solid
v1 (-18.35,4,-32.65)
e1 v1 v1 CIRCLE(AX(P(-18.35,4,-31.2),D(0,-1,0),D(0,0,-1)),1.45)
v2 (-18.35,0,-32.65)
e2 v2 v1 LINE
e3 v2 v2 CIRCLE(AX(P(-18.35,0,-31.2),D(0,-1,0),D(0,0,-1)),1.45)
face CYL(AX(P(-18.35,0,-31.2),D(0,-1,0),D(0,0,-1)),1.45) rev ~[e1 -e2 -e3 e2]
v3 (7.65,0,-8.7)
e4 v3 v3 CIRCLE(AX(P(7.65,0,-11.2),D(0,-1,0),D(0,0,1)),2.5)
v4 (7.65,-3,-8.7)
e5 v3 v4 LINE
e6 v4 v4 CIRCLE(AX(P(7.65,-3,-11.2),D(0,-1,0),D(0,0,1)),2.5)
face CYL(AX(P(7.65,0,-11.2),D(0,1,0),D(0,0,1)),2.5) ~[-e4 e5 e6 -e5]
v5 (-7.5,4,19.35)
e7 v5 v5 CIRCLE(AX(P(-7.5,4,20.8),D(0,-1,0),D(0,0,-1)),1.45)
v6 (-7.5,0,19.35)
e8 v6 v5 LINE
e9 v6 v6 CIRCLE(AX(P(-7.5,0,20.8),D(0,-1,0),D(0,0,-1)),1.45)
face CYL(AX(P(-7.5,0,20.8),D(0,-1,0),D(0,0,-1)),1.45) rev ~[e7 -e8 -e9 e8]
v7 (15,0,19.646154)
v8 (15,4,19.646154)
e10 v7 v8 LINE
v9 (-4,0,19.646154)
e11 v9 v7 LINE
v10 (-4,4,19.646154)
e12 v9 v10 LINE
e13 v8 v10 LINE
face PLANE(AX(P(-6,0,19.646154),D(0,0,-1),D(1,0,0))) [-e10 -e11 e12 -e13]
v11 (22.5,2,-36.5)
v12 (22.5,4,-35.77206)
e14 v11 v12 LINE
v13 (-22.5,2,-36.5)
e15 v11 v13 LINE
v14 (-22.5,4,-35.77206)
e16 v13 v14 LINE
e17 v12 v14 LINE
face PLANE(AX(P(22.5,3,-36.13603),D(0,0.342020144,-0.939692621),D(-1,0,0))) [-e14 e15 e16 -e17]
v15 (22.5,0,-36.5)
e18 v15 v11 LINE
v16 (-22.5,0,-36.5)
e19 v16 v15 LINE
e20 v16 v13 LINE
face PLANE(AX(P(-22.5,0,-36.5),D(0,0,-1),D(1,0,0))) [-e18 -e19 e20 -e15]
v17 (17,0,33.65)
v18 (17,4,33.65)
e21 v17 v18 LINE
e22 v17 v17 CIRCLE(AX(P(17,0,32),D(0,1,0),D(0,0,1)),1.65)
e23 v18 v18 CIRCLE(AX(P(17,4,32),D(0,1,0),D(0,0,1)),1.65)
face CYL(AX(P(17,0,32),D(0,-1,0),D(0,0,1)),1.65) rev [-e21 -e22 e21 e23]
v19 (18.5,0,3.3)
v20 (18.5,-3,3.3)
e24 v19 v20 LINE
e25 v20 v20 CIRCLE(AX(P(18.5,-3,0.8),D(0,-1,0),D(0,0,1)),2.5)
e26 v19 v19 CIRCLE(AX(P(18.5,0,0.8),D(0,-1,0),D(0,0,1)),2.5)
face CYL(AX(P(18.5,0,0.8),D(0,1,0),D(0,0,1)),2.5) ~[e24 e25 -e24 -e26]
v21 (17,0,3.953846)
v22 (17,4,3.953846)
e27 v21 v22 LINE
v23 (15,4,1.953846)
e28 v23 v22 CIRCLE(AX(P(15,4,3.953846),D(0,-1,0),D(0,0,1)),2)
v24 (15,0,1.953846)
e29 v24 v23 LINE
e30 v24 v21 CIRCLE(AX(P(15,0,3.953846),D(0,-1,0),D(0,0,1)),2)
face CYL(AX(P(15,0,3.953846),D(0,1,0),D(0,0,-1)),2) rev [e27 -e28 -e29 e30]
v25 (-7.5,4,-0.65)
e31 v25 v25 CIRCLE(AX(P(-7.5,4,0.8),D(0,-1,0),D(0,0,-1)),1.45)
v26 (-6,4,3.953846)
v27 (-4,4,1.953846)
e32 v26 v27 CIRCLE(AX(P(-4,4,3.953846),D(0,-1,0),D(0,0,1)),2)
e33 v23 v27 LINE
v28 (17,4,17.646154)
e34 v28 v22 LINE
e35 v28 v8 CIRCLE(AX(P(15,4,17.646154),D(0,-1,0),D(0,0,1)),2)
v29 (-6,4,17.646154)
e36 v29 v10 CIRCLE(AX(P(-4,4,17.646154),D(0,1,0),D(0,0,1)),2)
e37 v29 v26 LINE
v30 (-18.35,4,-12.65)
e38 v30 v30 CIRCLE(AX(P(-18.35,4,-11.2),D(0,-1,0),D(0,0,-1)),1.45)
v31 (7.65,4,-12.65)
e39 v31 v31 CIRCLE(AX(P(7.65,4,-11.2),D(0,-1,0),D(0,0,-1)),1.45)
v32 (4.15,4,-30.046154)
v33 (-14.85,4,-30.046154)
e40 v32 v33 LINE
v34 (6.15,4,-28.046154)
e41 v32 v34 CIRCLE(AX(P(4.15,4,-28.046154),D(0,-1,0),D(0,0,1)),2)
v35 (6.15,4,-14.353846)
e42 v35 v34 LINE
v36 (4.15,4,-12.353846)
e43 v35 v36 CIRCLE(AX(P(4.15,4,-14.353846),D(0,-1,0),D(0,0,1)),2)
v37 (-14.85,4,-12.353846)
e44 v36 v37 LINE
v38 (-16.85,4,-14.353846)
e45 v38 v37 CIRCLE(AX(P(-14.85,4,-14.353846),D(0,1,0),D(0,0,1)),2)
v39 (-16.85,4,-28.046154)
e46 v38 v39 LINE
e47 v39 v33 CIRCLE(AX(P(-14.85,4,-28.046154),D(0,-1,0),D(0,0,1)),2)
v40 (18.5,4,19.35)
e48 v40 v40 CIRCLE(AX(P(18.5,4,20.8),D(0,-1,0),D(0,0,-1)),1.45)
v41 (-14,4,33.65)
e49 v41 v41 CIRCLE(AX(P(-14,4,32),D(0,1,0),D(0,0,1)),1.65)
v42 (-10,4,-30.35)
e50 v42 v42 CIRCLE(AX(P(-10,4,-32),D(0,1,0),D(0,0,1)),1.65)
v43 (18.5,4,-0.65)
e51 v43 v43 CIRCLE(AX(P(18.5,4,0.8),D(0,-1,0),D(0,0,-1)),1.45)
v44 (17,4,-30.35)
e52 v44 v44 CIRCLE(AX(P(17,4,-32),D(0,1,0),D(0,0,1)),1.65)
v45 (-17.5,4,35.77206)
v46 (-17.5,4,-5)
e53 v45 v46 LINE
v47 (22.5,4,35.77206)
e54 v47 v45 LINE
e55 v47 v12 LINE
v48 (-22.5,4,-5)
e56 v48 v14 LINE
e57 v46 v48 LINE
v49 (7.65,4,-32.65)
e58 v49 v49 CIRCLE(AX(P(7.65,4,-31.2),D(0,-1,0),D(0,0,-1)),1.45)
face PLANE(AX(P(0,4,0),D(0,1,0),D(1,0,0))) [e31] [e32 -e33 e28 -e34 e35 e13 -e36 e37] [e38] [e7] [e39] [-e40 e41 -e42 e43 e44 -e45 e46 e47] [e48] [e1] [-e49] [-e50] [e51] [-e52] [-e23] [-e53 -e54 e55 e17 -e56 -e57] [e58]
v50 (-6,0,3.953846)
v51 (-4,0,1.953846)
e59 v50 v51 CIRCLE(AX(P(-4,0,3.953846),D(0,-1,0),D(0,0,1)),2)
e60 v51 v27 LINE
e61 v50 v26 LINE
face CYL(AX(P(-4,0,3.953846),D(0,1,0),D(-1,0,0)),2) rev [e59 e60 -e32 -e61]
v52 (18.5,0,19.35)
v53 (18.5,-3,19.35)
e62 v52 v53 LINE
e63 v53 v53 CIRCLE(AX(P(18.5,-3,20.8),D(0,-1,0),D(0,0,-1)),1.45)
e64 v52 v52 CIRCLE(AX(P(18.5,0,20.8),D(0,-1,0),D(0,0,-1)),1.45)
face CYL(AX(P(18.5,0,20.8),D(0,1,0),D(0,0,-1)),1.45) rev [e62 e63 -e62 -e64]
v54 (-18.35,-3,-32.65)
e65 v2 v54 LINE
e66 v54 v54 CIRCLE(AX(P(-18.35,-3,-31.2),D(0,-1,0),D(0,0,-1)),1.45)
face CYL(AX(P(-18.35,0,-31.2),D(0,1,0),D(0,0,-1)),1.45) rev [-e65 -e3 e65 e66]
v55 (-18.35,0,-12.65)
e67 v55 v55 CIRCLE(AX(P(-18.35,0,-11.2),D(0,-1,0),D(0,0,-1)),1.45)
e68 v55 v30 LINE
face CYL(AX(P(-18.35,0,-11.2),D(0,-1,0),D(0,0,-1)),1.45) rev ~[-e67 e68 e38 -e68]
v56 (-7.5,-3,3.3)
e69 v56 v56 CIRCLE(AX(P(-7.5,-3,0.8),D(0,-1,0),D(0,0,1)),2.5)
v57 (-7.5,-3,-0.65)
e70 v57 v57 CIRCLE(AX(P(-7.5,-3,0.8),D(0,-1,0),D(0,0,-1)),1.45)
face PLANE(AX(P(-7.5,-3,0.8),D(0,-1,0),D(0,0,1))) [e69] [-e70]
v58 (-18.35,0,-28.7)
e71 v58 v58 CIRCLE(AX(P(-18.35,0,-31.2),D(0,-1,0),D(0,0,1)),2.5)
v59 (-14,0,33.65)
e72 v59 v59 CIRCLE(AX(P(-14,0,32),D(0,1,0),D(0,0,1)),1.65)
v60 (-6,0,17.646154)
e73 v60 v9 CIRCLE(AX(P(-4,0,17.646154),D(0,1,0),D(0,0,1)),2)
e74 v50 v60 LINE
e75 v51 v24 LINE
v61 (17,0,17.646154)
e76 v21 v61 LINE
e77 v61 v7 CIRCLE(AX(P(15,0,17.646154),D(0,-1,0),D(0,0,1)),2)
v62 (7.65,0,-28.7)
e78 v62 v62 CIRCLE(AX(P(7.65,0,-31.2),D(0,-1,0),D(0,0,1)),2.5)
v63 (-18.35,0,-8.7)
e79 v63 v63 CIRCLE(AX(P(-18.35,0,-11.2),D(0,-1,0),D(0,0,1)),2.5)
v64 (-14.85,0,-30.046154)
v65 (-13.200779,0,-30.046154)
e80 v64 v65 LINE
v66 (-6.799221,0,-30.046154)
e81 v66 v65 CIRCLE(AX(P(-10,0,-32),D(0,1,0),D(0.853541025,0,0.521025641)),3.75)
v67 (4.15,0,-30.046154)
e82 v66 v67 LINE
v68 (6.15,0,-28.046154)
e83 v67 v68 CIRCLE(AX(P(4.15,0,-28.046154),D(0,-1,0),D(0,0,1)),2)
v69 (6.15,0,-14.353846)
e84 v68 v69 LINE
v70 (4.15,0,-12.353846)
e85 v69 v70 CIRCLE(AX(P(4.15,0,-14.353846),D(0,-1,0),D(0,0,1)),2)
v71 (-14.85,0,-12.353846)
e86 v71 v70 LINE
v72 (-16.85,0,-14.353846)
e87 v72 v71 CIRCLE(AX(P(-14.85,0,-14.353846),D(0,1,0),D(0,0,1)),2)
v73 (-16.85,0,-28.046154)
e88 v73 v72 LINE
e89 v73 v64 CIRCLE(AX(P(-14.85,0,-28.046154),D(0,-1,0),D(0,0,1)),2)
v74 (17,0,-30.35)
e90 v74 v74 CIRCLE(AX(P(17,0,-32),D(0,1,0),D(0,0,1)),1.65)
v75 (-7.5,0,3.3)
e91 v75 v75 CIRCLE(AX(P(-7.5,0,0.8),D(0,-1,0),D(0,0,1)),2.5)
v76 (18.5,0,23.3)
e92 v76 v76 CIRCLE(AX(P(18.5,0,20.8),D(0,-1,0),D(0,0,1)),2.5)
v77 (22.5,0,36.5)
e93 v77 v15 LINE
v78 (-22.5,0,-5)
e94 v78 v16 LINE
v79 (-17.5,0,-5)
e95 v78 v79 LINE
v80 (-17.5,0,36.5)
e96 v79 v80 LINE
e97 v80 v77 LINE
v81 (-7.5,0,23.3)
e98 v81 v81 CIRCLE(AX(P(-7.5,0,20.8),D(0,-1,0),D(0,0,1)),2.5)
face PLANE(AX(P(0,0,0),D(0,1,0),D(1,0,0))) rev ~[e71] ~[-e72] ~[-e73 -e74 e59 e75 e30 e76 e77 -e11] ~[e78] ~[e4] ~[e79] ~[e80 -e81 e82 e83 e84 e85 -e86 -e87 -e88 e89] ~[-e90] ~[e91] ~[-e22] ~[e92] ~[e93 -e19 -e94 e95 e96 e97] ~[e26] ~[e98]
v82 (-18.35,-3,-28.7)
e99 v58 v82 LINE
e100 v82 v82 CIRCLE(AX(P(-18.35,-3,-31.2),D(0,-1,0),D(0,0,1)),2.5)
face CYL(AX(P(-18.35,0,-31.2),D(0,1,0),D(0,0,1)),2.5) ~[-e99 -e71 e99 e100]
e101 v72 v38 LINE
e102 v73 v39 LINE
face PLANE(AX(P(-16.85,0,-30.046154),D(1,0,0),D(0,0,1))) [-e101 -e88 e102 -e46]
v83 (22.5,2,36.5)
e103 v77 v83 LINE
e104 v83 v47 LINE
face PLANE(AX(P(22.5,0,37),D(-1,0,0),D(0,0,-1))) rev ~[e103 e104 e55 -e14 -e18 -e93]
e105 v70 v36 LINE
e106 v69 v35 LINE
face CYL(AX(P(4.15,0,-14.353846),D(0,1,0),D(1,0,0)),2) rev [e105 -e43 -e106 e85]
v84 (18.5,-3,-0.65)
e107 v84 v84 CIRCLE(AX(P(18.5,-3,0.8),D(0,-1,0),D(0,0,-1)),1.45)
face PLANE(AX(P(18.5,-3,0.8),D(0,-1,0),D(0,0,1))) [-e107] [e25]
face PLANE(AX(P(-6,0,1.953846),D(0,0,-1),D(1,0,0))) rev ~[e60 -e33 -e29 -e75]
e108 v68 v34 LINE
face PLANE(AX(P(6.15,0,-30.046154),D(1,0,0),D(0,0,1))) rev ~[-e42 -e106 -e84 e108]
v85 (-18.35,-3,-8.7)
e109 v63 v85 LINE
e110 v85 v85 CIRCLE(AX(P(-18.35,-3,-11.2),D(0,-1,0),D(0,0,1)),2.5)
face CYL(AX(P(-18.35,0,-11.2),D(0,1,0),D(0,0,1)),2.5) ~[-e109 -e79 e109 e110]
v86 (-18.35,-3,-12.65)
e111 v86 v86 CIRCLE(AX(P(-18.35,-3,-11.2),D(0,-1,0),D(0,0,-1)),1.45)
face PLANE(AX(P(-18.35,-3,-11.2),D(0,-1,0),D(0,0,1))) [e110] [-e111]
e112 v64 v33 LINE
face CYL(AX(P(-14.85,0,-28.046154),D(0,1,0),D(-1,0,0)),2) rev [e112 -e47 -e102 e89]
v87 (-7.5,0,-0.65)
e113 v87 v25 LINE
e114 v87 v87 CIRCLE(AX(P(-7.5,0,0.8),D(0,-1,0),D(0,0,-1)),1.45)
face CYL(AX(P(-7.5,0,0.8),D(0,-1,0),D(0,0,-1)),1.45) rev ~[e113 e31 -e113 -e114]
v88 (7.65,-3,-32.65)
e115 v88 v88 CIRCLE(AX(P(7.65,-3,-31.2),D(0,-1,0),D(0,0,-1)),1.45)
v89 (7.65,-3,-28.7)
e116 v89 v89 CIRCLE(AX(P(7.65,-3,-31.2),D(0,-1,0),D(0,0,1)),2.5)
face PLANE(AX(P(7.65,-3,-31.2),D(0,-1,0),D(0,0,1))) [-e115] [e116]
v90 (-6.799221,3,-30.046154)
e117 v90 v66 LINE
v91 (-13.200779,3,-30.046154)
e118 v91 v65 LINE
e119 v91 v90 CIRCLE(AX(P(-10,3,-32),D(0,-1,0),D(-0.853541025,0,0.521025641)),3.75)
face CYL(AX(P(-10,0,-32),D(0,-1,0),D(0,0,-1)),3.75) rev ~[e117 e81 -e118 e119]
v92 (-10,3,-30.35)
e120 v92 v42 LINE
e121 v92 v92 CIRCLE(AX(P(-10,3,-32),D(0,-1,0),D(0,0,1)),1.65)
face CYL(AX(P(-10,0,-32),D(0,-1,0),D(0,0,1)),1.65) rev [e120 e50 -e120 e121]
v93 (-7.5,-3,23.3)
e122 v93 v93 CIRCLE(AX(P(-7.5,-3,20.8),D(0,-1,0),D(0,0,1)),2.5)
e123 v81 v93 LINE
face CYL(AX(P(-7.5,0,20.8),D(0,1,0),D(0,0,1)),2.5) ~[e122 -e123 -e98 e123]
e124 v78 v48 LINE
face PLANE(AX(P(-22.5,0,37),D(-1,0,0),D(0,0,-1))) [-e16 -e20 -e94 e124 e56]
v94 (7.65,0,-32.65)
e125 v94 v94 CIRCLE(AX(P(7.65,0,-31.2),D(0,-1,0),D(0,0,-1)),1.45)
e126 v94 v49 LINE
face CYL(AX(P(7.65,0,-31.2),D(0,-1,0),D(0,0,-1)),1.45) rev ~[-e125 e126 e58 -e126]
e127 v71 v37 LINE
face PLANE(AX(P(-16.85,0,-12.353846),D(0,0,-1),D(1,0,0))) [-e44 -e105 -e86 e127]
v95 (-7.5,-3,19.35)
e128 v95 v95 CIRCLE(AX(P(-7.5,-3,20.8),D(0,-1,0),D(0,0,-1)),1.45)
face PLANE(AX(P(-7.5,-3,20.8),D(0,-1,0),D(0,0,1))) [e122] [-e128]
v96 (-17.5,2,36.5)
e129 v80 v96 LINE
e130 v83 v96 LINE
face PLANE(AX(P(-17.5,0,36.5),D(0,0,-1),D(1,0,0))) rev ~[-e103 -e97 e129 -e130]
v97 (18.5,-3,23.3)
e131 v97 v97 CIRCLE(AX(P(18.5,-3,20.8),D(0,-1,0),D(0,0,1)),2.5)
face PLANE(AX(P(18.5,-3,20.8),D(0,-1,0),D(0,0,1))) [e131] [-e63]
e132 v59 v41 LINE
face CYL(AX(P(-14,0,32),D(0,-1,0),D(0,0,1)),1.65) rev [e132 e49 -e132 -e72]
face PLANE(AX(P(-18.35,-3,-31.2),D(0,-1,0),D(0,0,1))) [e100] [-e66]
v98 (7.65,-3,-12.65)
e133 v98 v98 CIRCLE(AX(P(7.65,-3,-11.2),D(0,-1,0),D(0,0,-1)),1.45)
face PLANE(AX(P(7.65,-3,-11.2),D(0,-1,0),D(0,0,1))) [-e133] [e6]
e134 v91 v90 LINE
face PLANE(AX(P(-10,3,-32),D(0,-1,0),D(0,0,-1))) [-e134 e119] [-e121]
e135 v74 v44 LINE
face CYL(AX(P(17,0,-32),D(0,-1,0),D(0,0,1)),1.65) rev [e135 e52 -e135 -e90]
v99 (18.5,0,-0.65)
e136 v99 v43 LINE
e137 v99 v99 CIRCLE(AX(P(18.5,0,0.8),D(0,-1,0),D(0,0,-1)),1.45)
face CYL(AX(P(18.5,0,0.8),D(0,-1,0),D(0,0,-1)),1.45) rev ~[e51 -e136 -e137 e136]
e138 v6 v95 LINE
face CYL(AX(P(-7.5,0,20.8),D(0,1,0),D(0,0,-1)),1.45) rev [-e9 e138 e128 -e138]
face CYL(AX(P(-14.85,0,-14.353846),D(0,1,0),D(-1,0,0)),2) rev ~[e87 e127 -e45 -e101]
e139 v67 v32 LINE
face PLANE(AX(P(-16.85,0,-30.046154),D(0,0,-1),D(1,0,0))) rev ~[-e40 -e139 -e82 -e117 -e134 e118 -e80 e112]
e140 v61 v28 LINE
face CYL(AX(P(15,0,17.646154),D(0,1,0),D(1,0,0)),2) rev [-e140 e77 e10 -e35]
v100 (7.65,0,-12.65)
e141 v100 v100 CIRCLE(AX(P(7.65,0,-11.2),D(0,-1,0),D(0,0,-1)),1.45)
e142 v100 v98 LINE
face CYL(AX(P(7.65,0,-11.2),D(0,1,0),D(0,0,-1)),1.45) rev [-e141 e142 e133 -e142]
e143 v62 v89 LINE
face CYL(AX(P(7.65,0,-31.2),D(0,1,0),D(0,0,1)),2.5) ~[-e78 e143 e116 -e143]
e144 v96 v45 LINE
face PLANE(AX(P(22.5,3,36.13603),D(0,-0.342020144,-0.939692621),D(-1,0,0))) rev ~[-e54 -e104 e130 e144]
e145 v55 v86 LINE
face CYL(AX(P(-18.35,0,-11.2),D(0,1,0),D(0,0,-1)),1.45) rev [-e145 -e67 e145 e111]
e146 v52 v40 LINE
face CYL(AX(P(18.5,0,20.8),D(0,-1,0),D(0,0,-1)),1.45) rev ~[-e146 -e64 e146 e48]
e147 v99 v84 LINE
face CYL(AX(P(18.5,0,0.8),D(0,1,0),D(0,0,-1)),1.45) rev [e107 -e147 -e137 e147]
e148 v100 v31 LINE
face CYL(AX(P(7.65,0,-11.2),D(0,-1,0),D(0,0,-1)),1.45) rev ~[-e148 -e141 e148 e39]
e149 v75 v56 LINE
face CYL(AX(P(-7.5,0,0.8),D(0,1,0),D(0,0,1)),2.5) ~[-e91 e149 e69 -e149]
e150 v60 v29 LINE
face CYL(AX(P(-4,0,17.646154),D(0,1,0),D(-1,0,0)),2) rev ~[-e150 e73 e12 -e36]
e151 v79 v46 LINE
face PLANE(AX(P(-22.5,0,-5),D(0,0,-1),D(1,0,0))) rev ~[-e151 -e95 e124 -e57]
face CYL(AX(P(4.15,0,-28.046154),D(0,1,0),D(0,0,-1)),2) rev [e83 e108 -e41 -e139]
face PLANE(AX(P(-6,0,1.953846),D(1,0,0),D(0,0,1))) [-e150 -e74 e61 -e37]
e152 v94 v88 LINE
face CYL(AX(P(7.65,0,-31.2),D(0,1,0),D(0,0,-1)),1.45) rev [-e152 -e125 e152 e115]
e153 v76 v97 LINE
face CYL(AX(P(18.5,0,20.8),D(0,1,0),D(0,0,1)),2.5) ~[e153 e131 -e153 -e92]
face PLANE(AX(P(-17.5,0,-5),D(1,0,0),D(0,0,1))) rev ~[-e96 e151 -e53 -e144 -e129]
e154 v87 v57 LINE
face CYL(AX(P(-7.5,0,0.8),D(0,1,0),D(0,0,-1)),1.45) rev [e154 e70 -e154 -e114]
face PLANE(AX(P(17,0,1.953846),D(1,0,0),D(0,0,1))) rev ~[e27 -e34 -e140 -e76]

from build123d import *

# Parameters (mm, degrees)
SKETCH1_W             = 45
SKETCH1_H             = 74
SKETCH1_R             = 1.65
BOSS_EXTRUDE1_DEPTH   = 4
SKETCH3_R             = 3.75
CUT_EXTRUDE2_DEPTH    = 3
SKETCH4_W             = 5
SKETCH4_H             = 42
CUT_EXTRUDE3_DEPTH    = 5
SKETCH6_W             = 40
SKETCH6_H             = 0.5
SKETCH6_W_2           = 45
CUT_EXTRUDE4_DEPTH    = 5
CHAMFER1_SIZE         = 2
CHAMFER1_SIZE2        = 0.727940469
CHAMFER1_PART_2_SIZE  = 2
CHAMFER1_PART_2_SIZE2 = 0.727940469
SKETCH7_R             = 1.45
SKETCH7_W             = 23
SKETCH7_H             = 17.692307692
CUT_EXTRUDE5_DEPTH    = 5
FILLET1_R             = 2
SKETCH8_R             = 2.5
SKETCH8_R_2           = 1.45
BOSS_EXTRUDE2_DEPTH   = 3


with BuildPart() as part:
    # Sketch1 → Boss-Extrude1 (new body)
    with BuildSketch(Plane(origin=(0, 0, 0), x_dir=(1, 0, 0), z_dir=(0, 1, 0))):
        Rectangle(SKETCH1_W, SKETCH1_H)
        with Locations(Location((-10, 32, 0), (0, 0, 270))):  # turned: the seam where the file's is
            Circle(SKETCH1_R, mode=Mode.SUBTRACT)
        with Locations(Location((17, 32, 0), (0, 0, 270))):  # turned: the seam where the file's is
            Circle(SKETCH1_R, mode=Mode.SUBTRACT)
        with Locations(Location((-14, -32, 0), (0, 0, 270))):  # turned: the seam where the file's is
            Circle(SKETCH1_R, mode=Mode.SUBTRACT)
        with Locations(Location((17, -32, 0), (0, 0, 270))):  # turned: the seam where the file's is
            Circle(SKETCH1_R, mode=Mode.SUBTRACT)
    extrude(amount=BOSS_EXTRUDE1_DEPTH)

    # Sketch3 → Cut-Extrude2 (cut)
    with BuildSketch(Plane.XZ):
        with Locations(Location((-10, -32, 0), (0, 0, 270))):  # turned: the seam where the file's is
            Circle(SKETCH3_R)
    extrude(amount=-CUT_EXTRUDE2_DEPTH, mode=Mode.SUBTRACT)

    # Sketch4 → Cut-Extrude3 (cut, through all)
    with BuildSketch(Plane.XZ):
        with Locations((-20, 16)):
            Rectangle(SKETCH4_W, SKETCH4_H)
    extrude(amount=-CUT_EXTRUDE3_DEPTH, mode=Mode.SUBTRACT)

    # Sketch6 → Cut-Extrude4 (cut, through all)
    with BuildSketch(Plane.XZ):
        with Locations((2.5, 36.75)):
            Rectangle(SKETCH6_W, SKETCH6_H)
        with Locations((0, -36.75)):
            Rectangle(SKETCH6_W_2, SKETCH6_H)
    extrude(amount=-CUT_EXTRUDE4_DEPTH, mode=Mode.SUBTRACT)

    # Chamfer1
    chamfer1_edges = [part.edges().sort_by_distance(p)[0] for p in [
        (2.5, 4, 36.5),
    ]]
    chamfer1_side = [part.faces().sort_by_distance(p)[0] for p in [
        (2.5, 2, 36.5),
    ]]
    chamfer(chamfer1_edges, length=CHAMFER1_SIZE, length2=CHAMFER1_SIZE2, reference=chamfer1_side[0])

    # Chamfer1 part 2
    chamfer1_part_2_edges = [part.edges().sort_by_distance(p)[0] for p in [
        (0, 4, -36.5),
    ]]
    chamfer1_part_2_side = [part.faces().sort_by_distance(p)[0] for p in [
        (0, 2, -36.5),
    ]]
    chamfer(chamfer1_part_2_edges, length=CHAMFER1_PART_2_SIZE, length2=CHAMFER1_PART_2_SIZE2, reference=chamfer1_part_2_side[0])

    # Sketch7 → Cut-Extrude5 (cut, through all)
    with BuildSketch(Plane.XZ):
        with Locations(Location((-18.35, -31.2, 0), (0, 0, 270))):  # turned: the seam where the file's is
            Circle(SKETCH7_R)
        with Locations(Location((-18.35, -11.2, 0), (0, 0, 270))):  # turned: the seam where the file's is
            Circle(SKETCH7_R)
        with Locations(Location((7.65, -11.2, 0), (0, 0, 270))):  # turned: the seam where the file's is
            Circle(SKETCH7_R)
        with Locations(Location((7.65, -31.2, 0), (0, 0, 270))):  # turned: the seam where the file's is
            Circle(SKETCH7_R)
        with Locations(Location((18.5, 0.8, 0), (0, 0, 270))):  # turned: the seam where the file's is
            Circle(SKETCH7_R)
        with Locations(Location((-7.5, 0.8, 0), (0, 0, 270))):  # turned: the seam where the file's is
            Circle(SKETCH7_R)
        with Locations(Location((-7.5, 20.8, 0), (0, 0, 270))):  # turned: the seam where the file's is
            Circle(SKETCH7_R)
        with Locations(Location((18.5, 20.8, 0), (0, 0, 270))):  # turned: the seam where the file's is
            Circle(SKETCH7_R)
        with Locations((-5.35, -21.2)):
            Rectangle(SKETCH7_W, SKETCH7_H)
        with Locations((5.5, 10.8)):
            Rectangle(SKETCH7_W, SKETCH7_H)
    extrude(amount=-CUT_EXTRUDE5_DEPTH, mode=Mode.SUBTRACT)

    # Fillet1
    fillet1_edges = [part.edges().sort_by_distance(p)[0] for p in [
        (6.15, 2, -30.046153846),
        (-16.85, 2, -30.046153846),
        (-16.85, 2, -12.353846154),
        (6.15, 2, -12.353846154),
        (-6, 2, 1.953846154),
        (-6, 2, 19.646153846),
        (17, 2, 19.646153846),
        (17, 2, 1.953846154),
    ]]
    fillet(fillet1_edges, radius=FILLET1_R)

    # Sketch8 → Boss-Extrude2 (add)
    with BuildSketch(Plane.XZ):
        with Locations(Location((-18.35, -11.2, 0), (0, 0, 90))):  # turned: the seam where the file's is
            Circle(SKETCH8_R)
        with Locations(Location((-18.35, -11.2, 0), (0, 0, 270))):  # turned: the seam where the file's is
            Circle(SKETCH8_R_2, mode=Mode.SUBTRACT)
        with Locations(Location((-18.35, -31.2, 0), (0, 0, 90))):  # turned: the seam where the file's is
            Circle(SKETCH8_R)
        with Locations(Location((-18.35, -31.2, 0), (0, 0, 270))):  # turned: the seam where the file's is
            Circle(SKETCH8_R_2, mode=Mode.SUBTRACT)
        with Locations(Location((7.65, -11.2, 0), (0, 0, 90))):  # turned: the seam where the file's is
            Circle(SKETCH8_R)
        with Locations(Location((7.65, -11.2, 0), (0, 0, 270))):  # turned: the seam where the file's is
            Circle(SKETCH8_R_2, mode=Mode.SUBTRACT)
        with Locations(Location((7.65, -31.2, 0), (0, 0, 90))):  # turned: the seam where the file's is
            Circle(SKETCH8_R)
        with Locations(Location((7.65, -31.2, 0), (0, 0, 270))):  # turned: the seam where the file's is
            Circle(SKETCH8_R_2, mode=Mode.SUBTRACT)
        with Locations(Location((18.5, 0.8, 0), (0, 0, 90))):  # turned: the seam where the file's is
            Circle(SKETCH8_R)
        with Locations(Location((18.5, 0.8, 0), (0, 0, 270))):  # turned: the seam where the file's is
            Circle(SKETCH8_R_2, mode=Mode.SUBTRACT)
        with Locations(Location((-7.5, 0.8, 0), (0, 0, 90))):  # turned: the seam where the file's is
            Circle(SKETCH8_R)
        with Locations(Location((-7.5, 0.8, 0), (0, 0, 270))):  # turned: the seam where the file's is
            Circle(SKETCH8_R_2, mode=Mode.SUBTRACT)
        with Locations(Location((-7.5, 20.8, 0), (0, 0, 90))):  # turned: the seam where the file's is
            Circle(SKETCH8_R)
        with Locations(Location((-7.5, 20.8, 0), (0, 0, 270))):  # turned: the seam where the file's is
            Circle(SKETCH8_R_2, mode=Mode.SUBTRACT)
        with Locations(Location((18.5, 20.8, 0), (0, 0, 90))):  # turned: the seam where the file's is
            Circle(SKETCH8_R)
        with Locations(Location((18.5, 20.8, 0), (0, 0, 270))):  # turned: the seam where the file's is
            Circle(SKETCH8_R_2, mode=Mode.SUBTRACT)
    extrude(amount=BOSS_EXTRUDE2_DEPTH)


solid = part.part
